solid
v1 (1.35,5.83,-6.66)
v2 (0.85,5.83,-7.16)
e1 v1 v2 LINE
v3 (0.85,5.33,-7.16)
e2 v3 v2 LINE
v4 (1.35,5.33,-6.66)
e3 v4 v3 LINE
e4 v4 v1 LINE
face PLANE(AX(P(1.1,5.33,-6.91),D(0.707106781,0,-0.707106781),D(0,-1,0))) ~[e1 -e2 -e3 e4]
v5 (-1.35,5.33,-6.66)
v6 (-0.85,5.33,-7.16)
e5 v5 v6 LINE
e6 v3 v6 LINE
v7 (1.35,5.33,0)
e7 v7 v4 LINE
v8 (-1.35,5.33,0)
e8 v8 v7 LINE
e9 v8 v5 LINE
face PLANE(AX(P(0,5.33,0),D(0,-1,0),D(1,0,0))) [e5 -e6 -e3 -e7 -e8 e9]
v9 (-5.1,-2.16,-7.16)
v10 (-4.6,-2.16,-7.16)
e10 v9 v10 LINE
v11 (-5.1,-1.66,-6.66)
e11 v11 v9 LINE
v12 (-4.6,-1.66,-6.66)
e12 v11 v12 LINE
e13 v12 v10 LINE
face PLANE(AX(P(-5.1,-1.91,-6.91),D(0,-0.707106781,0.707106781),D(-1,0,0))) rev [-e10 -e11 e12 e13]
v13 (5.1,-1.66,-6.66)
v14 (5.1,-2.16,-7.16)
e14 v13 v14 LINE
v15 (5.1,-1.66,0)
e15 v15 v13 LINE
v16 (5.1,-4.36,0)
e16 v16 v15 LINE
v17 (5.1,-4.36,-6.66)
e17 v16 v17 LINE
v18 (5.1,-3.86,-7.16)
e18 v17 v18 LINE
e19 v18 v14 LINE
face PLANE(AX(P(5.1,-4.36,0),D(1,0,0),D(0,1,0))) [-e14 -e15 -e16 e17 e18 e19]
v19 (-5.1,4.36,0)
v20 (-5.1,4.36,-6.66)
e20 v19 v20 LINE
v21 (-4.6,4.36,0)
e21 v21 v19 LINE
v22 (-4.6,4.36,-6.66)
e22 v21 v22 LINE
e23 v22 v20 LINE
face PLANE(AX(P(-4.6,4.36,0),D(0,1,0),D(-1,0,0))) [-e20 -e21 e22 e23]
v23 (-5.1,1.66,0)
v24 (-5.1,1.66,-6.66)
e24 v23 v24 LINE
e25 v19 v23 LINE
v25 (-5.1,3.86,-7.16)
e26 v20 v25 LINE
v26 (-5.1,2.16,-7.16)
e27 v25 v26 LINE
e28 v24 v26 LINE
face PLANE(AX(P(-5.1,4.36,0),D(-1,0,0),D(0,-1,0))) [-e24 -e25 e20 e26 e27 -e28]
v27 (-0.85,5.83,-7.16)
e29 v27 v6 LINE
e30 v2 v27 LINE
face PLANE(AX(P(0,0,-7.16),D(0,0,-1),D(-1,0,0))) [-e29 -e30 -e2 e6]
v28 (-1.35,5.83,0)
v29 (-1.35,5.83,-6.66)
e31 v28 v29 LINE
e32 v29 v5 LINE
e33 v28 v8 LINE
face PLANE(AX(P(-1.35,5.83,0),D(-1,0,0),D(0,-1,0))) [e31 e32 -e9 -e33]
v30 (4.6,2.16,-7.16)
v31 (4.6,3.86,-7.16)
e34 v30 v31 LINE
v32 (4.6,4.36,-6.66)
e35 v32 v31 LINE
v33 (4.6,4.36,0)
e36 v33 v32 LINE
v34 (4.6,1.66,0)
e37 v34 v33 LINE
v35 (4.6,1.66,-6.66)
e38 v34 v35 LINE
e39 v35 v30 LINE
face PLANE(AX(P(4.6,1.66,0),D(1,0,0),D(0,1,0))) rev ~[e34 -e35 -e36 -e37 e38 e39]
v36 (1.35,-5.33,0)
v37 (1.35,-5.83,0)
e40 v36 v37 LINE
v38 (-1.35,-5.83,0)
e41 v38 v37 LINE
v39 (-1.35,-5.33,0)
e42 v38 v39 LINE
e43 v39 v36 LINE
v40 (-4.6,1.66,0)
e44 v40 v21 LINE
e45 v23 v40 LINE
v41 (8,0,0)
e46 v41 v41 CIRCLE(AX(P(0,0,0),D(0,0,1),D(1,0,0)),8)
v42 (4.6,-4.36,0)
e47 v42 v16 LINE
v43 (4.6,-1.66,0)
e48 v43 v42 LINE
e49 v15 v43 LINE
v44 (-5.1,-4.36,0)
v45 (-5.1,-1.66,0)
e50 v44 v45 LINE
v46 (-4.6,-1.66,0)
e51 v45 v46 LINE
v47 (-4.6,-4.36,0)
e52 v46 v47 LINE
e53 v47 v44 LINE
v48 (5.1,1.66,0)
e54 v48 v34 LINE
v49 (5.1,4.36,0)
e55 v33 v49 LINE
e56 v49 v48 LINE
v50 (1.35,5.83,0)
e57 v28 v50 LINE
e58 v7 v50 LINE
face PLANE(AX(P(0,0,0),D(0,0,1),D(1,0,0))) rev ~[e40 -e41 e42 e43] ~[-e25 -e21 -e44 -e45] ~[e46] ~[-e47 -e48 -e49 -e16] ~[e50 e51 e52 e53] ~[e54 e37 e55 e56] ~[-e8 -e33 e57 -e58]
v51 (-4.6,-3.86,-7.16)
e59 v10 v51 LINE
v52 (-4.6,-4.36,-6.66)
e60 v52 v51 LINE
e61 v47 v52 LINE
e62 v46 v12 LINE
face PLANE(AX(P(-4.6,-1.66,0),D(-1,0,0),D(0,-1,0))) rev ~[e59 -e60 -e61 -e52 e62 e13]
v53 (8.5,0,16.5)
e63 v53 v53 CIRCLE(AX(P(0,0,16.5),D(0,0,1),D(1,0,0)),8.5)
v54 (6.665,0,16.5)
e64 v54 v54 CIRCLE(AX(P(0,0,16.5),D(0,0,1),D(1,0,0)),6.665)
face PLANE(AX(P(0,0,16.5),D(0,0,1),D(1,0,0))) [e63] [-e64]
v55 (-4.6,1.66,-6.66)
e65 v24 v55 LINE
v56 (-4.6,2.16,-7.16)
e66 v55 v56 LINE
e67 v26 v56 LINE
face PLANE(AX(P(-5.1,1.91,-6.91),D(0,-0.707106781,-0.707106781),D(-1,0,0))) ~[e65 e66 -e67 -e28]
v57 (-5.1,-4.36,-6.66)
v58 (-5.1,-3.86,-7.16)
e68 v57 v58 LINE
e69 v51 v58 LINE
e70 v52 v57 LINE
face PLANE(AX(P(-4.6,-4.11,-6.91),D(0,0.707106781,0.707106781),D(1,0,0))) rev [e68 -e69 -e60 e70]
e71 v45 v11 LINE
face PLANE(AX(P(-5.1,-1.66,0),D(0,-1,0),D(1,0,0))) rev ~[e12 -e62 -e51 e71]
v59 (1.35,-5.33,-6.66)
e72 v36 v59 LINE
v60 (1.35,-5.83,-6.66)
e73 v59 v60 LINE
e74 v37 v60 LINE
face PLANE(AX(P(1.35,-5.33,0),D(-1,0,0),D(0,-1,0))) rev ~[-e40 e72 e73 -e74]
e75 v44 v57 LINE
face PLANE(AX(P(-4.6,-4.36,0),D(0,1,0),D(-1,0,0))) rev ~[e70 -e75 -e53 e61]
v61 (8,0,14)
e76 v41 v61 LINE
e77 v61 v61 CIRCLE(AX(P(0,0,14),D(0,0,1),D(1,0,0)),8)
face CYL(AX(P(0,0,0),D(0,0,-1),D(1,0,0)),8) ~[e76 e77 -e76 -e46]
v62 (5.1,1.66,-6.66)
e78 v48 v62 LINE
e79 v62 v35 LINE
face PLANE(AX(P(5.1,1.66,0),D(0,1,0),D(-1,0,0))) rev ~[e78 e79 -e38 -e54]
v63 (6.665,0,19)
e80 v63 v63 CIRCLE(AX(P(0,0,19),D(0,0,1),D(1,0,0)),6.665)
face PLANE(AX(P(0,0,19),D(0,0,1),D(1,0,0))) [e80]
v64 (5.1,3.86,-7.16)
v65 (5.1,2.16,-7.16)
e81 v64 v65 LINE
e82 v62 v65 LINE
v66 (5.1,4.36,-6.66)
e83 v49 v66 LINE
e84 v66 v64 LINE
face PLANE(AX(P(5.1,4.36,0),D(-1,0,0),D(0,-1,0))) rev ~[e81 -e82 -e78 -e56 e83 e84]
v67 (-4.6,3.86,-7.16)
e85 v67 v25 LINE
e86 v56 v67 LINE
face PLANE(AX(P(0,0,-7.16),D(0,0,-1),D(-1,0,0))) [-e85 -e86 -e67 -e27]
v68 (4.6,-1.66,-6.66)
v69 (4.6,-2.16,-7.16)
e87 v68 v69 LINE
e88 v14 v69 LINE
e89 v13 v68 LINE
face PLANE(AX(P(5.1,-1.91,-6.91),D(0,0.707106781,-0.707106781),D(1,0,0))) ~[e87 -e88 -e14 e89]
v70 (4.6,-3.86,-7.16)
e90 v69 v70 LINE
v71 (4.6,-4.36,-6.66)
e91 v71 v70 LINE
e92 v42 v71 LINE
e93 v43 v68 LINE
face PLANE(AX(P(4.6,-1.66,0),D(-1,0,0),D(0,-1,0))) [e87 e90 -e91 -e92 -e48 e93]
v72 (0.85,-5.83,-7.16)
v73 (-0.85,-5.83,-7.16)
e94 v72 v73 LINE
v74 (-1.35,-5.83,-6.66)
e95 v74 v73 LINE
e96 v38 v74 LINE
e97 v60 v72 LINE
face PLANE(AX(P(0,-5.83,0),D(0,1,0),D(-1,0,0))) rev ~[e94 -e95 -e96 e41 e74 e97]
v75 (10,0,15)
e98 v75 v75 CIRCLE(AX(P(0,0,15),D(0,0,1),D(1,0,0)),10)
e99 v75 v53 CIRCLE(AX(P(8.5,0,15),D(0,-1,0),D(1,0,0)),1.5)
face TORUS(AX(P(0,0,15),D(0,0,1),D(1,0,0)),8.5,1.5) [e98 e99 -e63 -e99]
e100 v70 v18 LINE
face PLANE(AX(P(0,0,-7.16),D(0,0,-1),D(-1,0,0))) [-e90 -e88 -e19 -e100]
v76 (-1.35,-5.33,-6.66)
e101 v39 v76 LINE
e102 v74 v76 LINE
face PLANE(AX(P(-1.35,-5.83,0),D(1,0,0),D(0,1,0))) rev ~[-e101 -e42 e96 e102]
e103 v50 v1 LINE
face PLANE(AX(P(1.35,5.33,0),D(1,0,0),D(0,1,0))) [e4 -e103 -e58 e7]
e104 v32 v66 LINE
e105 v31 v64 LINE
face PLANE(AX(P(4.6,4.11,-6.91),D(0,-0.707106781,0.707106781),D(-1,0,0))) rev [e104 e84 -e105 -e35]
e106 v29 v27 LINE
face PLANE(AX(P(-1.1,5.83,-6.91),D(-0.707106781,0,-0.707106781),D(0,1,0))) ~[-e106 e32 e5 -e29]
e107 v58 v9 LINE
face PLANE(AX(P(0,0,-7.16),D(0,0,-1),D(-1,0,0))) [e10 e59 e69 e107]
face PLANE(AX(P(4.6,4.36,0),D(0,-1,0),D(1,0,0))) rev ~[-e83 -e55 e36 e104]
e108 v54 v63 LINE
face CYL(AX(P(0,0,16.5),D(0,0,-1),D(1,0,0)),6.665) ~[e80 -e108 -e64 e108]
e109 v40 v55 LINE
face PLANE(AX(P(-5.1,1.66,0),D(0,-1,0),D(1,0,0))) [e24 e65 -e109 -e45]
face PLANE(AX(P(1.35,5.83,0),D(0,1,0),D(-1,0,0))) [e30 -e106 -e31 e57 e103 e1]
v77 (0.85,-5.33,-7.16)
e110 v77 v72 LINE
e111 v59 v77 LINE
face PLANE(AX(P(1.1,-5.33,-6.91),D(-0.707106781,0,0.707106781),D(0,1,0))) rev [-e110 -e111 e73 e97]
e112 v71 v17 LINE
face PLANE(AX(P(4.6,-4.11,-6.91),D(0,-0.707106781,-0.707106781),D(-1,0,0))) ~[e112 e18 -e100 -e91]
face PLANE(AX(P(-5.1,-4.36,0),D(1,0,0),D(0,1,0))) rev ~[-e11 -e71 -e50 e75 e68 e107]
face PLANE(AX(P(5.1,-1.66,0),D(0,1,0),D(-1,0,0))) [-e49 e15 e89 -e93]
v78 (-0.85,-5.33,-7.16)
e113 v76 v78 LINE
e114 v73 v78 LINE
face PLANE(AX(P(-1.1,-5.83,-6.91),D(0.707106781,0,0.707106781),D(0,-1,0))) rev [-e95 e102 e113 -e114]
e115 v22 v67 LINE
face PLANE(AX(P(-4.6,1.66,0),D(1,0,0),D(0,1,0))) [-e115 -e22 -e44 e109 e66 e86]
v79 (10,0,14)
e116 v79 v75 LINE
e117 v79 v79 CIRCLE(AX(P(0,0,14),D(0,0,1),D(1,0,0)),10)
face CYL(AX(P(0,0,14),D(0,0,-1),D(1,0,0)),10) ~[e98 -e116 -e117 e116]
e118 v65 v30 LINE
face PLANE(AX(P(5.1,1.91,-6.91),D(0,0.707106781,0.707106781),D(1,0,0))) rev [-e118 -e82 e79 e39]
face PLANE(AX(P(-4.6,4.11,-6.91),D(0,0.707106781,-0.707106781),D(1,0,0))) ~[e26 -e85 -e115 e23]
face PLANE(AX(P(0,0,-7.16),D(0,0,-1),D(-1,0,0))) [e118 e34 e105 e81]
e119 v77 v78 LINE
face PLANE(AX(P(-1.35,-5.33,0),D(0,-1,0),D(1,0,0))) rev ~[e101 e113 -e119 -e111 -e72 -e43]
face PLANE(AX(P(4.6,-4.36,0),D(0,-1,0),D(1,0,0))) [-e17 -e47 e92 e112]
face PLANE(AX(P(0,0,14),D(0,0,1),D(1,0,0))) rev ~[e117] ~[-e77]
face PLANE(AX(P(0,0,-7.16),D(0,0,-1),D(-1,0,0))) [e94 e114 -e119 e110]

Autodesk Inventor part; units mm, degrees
ref_plane "YZ Plane" through (0, 0, 0) normal (1, 0, 0) x (0, 1, 0)
ref_plane "XZ Plane" through (0, 0, 0) normal (0, 1, 0) x (-1, 0, 0)
ref_plane "XY Plane" through (0, 0, 0) normal (0, 0, 1) x (1, 0, 0)
sketch "スケッチ1" plane through (0, 0, 0) normal (0, 0, 1) x (1, 0, 0)
  circle A0 centre (0, 0) radius 8
  dimension "d0" = 16
extrude "押し出し1" add sketch "スケッチ1" along normal blind 14
sketch "スケッチ2" plane through (0, 0, 14) normal (0, 0, 1) x (1, 0, 0)
  circle A0 centre (0, 0) radius 10
  dimension "d3" = 20
extrude "押し出し2" add sketch "スケッチ2" along normal blind 2.5
fillet "フィレット1" radius 1.5 1 edges at (-10, 0, 16.5)
sketch "スケッチ3" plane through (0, 0, 16.5) normal (0, 0, 1) x (1, 0, 0)
  circle A0 centre (0, 0) radius 6.665
  dimension "d7" = 13.33
extrude "押し出し3" add sketch "スケッチ3" along normal blind 2.5
sketch "スケッチ4" plane through (0, 0, 0) normal (0, 0, -1) x (-1, 0, 0)
  line L0 (-1.35, 5.83) -> (1.35, 5.83)
  line L1 (1.35, 5.83) -> (1.35, 5.33)
  line L2 (1.35, 5.33) -> (-1.35, 5.33)
  line L3 (-1.35, 5.33) -> (-1.35, 5.83)
  line L4 (0, -14) -> (0, 14) projected
  line L5 (14, 0) -> (-14, 0) projected
  line L6 (-1.35, -5.83) -> (1.35, -5.83)
  line L7 (1.35, -5.83) -> (1.35, -5.33)
  line L8 (1.35, -5.33) -> (-1.35, -5.33)
  line L9 (-1.35, -5.33) -> (-1.35, -5.83)
  line L10 (4.6, 4.36) -> (5.1, 4.36)
  line L11 (5.1, 4.36) -> (5.1, 1.66)
  line L12 (5.1, 1.66) -> (4.6, 1.66)
  line L13 (4.6, 1.66) -> (4.6, 4.36)
  line L14 (4.6, -4.36) -> (5.1, -4.36)
  line L15 (5.1, -4.36) -> (5.1, -1.66)
  line L16 (5.1, -1.66) -> (4.6, -1.66)
  line L17 (4.6, -1.66) -> (4.6, -4.36)
  line L18 (-4.6, 4.36) -> (-5.1, 4.36)
  line L19 (-5.1, 4.36) -> (-5.1, 1.66)
  line L20 (-5.1, 1.66) -> (-4.6, 1.66)
  line L21 (-4.6, 1.66) -> (-4.6, 4.36)
  line L22 (-4.6, -1.66) -> (-4.6, -4.36)
  line L23 (-4.6, -4.36) -> (-5.1, -4.36)
  line L24 (-5.1, -4.36) -> (-5.1, -1.66)
  line L25 (-5.1, -1.66) -> (-4.6, -1.66)
  point P0 (0, 0)
  point P1 (0, 5.83)
  point P2 (0, -5.83)
  dimension "d10" = 2.7
  dimension "d11" = 5.83
  dimension "d12" = 0.5
  dimension "d13" = 2.7
  dimension "d14" = 0.5
  dimension "d15" = 4.36
  dimension "d16" = 5.1
extrude "押し出し4" add sketch "スケッチ4" along normal blind 7.16
chamfer "面取り1" distance 0.5 angle 45 12 edges at (-4.85, -4.36, -7.16) (-4.85, -1.66, -7.16) (-4.85, 1.66, -7.16) (-4.85, 4.36, -7.16) (-1.35, 5.58, -7.16) (1.35, 5.58, -7.16) (4.85, 4.36, -7.16) (4.85, 1.66, -7.16) (4.85, -1.66, -7.16) (4.85, -4.36, -7.16) (1.35, -5.58, -7.16) (-1.35, -5.58, -7.16)
equation "\"d13\" = d10"
equation "\"d14\" = d12"
properties part number "switch"
